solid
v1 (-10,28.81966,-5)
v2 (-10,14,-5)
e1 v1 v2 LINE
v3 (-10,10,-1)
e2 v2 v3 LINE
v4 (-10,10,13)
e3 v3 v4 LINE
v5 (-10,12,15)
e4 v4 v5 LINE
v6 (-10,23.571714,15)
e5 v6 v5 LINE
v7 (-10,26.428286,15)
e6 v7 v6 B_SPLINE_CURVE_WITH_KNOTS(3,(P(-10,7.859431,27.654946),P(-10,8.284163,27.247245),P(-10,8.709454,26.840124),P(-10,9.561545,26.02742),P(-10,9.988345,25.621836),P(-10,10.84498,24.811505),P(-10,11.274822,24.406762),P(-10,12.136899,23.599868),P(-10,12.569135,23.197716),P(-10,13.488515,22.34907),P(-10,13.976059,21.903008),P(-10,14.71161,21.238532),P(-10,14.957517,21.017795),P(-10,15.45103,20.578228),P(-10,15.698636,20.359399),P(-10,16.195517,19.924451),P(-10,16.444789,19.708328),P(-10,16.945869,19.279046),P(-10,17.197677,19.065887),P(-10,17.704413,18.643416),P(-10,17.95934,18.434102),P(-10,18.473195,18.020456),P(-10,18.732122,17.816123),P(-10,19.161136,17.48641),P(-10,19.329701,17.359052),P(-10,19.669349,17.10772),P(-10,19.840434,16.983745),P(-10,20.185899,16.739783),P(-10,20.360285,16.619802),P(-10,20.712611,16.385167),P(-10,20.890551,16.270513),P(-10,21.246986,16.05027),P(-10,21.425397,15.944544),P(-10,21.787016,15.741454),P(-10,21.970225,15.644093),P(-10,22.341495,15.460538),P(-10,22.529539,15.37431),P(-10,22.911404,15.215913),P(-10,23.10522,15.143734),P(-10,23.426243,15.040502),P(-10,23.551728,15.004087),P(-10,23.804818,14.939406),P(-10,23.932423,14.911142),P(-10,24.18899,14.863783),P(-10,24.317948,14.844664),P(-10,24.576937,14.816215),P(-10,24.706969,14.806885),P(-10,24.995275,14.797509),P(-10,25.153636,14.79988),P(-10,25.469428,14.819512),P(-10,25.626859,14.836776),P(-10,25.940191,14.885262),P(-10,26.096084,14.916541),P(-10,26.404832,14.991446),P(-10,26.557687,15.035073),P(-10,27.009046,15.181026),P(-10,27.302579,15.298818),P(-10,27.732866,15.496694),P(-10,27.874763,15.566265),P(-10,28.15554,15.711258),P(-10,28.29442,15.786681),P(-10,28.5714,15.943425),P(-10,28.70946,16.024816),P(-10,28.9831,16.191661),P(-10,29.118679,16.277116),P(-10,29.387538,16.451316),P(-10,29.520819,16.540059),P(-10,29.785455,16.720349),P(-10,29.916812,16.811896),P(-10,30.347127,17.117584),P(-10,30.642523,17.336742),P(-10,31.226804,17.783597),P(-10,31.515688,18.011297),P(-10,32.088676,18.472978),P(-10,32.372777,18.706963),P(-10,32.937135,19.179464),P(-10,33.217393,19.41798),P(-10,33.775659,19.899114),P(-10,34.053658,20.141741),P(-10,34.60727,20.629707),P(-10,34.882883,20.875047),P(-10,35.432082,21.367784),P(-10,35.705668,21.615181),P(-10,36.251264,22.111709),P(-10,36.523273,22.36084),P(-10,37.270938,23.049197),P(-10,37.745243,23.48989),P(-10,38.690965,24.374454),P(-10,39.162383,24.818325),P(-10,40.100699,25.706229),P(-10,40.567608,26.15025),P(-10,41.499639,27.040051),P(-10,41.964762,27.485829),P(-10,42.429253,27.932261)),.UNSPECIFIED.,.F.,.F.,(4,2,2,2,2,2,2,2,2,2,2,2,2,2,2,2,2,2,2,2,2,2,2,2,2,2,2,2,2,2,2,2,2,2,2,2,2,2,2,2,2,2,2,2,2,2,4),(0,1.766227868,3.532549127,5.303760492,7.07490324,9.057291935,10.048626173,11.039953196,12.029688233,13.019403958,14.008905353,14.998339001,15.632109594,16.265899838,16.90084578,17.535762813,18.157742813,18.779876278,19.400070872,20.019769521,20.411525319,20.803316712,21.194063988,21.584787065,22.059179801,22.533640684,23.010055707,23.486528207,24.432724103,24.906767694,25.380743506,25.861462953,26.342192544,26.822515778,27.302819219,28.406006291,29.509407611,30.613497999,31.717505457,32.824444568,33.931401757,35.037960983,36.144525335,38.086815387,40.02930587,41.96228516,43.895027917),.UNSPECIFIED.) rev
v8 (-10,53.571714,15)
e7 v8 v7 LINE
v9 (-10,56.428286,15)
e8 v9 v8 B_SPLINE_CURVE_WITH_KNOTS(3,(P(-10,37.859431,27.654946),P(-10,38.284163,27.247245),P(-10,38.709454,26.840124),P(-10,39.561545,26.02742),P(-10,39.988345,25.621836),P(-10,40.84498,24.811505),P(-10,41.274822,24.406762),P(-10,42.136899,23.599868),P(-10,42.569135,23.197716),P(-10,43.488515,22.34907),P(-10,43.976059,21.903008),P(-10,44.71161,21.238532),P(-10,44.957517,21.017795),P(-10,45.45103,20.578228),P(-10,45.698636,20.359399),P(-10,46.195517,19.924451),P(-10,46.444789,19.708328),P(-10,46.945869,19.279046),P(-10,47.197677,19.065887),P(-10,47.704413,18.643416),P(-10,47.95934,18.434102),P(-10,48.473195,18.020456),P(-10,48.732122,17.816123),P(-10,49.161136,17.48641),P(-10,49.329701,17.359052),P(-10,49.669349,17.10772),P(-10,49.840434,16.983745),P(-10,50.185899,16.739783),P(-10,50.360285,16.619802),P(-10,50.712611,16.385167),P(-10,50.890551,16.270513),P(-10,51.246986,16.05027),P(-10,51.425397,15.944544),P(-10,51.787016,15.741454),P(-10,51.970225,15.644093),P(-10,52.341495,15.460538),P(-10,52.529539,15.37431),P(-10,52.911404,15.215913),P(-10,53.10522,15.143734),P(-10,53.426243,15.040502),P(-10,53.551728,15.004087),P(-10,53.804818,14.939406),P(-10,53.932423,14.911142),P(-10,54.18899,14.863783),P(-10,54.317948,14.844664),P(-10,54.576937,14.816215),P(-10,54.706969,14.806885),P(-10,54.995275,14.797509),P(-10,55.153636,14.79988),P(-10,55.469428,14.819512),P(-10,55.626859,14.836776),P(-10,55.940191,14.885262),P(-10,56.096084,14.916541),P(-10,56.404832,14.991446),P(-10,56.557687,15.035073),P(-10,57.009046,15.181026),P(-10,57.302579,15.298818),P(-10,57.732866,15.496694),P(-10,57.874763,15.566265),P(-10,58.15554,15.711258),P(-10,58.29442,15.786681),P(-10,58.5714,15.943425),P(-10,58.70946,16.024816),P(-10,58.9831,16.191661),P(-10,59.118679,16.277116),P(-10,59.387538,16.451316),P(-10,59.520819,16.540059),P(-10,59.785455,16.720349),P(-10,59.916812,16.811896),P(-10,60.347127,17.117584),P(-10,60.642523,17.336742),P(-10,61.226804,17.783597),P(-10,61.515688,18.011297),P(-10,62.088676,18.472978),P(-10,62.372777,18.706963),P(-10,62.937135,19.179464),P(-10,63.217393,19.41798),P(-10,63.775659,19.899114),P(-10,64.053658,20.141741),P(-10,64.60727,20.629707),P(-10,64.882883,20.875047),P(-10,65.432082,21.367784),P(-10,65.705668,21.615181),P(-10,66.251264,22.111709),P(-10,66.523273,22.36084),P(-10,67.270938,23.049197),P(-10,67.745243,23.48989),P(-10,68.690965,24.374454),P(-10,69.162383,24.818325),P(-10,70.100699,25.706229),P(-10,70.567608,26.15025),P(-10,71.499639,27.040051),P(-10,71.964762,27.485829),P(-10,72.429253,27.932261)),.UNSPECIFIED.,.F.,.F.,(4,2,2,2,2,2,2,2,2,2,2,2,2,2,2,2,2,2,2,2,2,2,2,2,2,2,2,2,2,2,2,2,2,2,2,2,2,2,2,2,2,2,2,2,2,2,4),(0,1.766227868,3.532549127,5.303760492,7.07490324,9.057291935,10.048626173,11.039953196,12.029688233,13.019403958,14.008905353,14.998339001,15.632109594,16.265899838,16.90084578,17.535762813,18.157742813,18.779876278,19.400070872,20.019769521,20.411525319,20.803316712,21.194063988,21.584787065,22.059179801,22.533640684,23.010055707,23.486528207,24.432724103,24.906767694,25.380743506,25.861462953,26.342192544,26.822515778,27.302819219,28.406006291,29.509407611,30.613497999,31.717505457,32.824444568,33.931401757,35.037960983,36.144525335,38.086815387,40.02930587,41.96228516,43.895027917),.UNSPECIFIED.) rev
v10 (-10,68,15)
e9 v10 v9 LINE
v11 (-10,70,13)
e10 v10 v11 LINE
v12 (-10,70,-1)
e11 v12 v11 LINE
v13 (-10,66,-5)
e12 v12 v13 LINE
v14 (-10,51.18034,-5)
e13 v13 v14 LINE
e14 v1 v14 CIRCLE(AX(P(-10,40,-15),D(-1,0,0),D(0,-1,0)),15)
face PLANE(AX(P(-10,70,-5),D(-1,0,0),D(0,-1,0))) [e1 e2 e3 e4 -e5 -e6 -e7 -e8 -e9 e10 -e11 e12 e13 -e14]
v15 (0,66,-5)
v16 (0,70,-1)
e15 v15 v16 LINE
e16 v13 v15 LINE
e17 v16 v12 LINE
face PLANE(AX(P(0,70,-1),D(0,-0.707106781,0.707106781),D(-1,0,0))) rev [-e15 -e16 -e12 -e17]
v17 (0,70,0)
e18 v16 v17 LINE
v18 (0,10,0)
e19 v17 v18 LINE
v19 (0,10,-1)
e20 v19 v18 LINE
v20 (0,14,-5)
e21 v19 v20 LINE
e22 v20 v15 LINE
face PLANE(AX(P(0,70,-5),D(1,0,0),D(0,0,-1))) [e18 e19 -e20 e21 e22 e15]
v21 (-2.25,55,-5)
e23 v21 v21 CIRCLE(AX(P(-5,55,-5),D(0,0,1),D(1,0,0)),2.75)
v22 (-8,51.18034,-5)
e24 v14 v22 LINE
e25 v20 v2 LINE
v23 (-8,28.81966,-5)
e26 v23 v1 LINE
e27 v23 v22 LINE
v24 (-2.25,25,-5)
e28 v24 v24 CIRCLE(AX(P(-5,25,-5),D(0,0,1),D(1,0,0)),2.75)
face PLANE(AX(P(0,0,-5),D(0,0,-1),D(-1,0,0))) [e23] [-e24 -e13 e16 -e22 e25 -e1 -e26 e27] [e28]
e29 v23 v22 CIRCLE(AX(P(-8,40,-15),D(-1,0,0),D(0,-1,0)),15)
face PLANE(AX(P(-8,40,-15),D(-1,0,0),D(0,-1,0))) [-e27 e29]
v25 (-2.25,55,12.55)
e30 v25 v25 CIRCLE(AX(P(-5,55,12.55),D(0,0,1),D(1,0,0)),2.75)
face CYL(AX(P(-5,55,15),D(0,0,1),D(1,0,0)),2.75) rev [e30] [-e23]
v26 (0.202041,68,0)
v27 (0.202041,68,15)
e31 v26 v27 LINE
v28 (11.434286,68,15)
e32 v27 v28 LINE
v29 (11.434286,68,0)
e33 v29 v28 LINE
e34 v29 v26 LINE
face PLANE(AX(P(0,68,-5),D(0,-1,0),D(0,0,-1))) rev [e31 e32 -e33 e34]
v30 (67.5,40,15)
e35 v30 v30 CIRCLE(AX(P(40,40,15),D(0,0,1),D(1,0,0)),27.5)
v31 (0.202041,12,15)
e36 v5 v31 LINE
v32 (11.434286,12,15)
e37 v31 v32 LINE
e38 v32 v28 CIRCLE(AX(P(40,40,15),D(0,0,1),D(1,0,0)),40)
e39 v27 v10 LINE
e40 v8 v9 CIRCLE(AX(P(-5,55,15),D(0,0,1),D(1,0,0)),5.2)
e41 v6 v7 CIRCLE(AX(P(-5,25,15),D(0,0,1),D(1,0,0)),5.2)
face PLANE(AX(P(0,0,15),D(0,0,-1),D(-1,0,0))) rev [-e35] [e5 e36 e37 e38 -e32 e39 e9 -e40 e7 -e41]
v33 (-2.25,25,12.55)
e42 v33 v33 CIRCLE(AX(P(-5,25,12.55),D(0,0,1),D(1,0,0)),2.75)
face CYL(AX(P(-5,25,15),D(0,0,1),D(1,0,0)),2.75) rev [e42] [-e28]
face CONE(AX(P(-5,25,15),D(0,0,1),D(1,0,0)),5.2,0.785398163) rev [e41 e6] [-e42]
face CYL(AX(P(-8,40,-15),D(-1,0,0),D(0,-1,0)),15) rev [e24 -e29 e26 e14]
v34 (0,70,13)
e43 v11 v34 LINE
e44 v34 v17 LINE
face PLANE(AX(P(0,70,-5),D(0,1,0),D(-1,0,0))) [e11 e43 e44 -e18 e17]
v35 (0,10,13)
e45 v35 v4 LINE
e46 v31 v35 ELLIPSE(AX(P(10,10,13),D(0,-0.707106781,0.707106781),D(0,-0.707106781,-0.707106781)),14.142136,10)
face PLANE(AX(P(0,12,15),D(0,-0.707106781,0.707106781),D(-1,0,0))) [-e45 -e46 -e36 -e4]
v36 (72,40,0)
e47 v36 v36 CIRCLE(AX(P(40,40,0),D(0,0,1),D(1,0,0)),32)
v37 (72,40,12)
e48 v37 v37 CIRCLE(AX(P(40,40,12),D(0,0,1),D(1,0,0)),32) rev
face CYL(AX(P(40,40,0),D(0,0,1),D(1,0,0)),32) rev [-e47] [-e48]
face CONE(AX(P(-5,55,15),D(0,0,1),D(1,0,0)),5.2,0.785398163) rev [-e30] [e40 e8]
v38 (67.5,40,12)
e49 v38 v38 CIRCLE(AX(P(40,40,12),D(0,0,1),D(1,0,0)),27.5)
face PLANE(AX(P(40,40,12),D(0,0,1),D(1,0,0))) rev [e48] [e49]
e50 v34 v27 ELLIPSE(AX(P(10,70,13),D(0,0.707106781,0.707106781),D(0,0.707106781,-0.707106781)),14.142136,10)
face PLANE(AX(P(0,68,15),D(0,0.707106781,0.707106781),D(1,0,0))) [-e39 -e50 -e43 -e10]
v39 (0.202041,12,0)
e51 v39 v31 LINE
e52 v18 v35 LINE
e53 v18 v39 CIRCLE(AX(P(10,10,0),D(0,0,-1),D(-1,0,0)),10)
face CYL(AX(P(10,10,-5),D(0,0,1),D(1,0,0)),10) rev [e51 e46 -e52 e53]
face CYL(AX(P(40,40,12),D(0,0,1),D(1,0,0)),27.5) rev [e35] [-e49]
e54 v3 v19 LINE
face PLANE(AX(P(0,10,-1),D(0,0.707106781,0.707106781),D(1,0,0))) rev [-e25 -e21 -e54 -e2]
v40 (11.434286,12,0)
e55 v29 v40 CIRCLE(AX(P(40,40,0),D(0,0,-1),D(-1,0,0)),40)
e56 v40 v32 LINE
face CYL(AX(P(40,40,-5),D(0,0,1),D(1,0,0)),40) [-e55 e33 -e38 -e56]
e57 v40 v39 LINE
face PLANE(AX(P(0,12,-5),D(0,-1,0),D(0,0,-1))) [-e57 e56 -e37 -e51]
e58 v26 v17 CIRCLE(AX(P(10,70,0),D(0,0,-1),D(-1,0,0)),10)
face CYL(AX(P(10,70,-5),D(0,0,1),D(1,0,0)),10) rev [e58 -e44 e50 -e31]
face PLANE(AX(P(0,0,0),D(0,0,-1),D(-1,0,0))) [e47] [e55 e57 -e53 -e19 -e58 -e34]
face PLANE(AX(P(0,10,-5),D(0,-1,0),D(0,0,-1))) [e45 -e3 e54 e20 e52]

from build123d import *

# Parameters (mm, degrees)
SKETCH1_W                                       = 80
SKETCH1_H                                       = 80
BOSS_EXTRUDE1_DEPTH                             = 15
SKETCH2_R                                       = 32
CUT_EXTRUDE2_DEPTH                              = 16
SKETCH3_R                                       = 32
SKETCH3_R_2                                     = 27.5
BOSS_EXTRUDE2_DEPTH                             = 3
FILLET1_R                                       = 10
SKETCH5_W                                       = 10
SKETCH5_H                                       = 60
BOSS_EXTRUDE3_DEPTH                             = 20
SKETCH6_R                                       = 2.5
CUT_EXTRUDE3_DEPTH                              = 21
CHAMFER1_SIZE                                   = 2
CSK_FOR_M5_FLAT_HEAD_MACHINE_SCREW2_D           = 5.5
CSK_FOR_M5_FLAT_HEAD_MACHINE_SCREW2_CSINK_D     = 10.4
CSK_FOR_M5_FLAT_HEAD_MACHINE_SCREW2_CSINK_ANGLE = 90
CHAMFER2_SIZE                                   = 4
SKETCH11_R                                      = 15
CUT_EXTRUDE4_DEPTH                              = 2
CUT_EXTRUDE7_DEPTH                              = 21


with BuildPart() as part:
    # Sketch1 → Boss-Extrude1 (new body)
    with BuildSketch(Plane.XY):
        with Locations((40, 40)):
            Rectangle(SKETCH1_W, SKETCH1_H)
    extrude(amount=BOSS_EXTRUDE1_DEPTH)

    # Sketch2 → Cut-Extrude2 (cut, through all)
    with BuildSketch(Plane.XY.offset(15)):
        with Locations((40, 40)):
            Circle(SKETCH2_R)
    extrude(amount=-CUT_EXTRUDE2_DEPTH, mode=Mode.SUBTRACT)

    # Sketch3 → Boss-Extrude2 (add)
    with BuildSketch(Plane.XY.offset(15)):
        with Locations((40, 40)):
            Circle(SKETCH3_R)
        with Locations((40, 40)):
            Circle(SKETCH3_R_2, mode=Mode.SUBTRACT)
    extrude(amount=-BOSS_EXTRUDE2_DEPTH)

    # Fillet1
    fillet1_edges = [part.edges().sort_by_distance(p)[0] for p in [
        (0, 80, 7.5),
        (80, 80, 7.5),
        (80, 0, 7.5),
        (0, 0, 7.5),
    ]]
    fillet(fillet1_edges, radius=FILLET1_R)

    # Sketch5 → Boss-Extrude3 (add)
    with BuildSketch(Plane.XY.offset(15)):
        with Locations((-5, 40)):
            Rectangle(SKETCH5_W, SKETCH5_H)
    extrude(amount=-BOSS_EXTRUDE3_DEPTH)

    # Sketch6 → Cut-Extrude3 (cut, through all)
    with BuildSketch(Plane.XY.offset(15)):
        with Locations((-5, 55)):
            Circle(SKETCH6_R)
        with Locations((-5, 25)):
            Circle(SKETCH6_R)
    extrude(amount=-CUT_EXTRUDE3_DEPTH, mode=Mode.SUBTRACT)

    # Chamfer1
    chamfer1_edges = [part.edges().sort_by_distance(p)[0] for p in [
        (-5, 70, 15),
        (-5, 10, 15),
    ]]
    chamfer(chamfer1_edges, length=CHAMFER1_SIZE)

    # CSK for M5 Flat Head Machine Screw2 (through all)
    with Locations(Plane.XY.offset(15)):
        with Locations((-5, 55), (-5, 25)):
            CounterSinkHole(CSK_FOR_M5_FLAT_HEAD_MACHINE_SCREW2_D / 2, CSK_FOR_M5_FLAT_HEAD_MACHINE_SCREW2_CSINK_D / 2, counter_sink_angle=CSK_FOR_M5_FLAT_HEAD_MACHINE_SCREW2_CSINK_ANGLE)

    # Chamfer2
    chamfer2_edges = [part.edges().sort_by_distance(p)[0] for p in [
        (-5, 10, -5),
        (-5, 70, -5),
    ]]
    chamfer(chamfer2_edges, length=CHAMFER2_SIZE)

    # Sketch11 → Cut-Extrude4 (cut)
    with BuildSketch(Plane.ZY.offset(10)):
        with Locations((-15, 40)):
            Circle(SKETCH11_R)
    extrude(amount=-CUT_EXTRUDE4_DEPTH, mode=Mode.SUBTRACT)

    # Sketch12 → Cut-Extrude7 (cut, through all)
    with BuildSketch(Plane.XY.offset(15)):
        with BuildLine():
            Line((11.434286286, 12), (0.202041029, 12))
            ThreePointArc((0.202041029, 12), (0.05063847, 11.00508962), (0, 10))
            ThreePointArc((0, 10), (2.928932188, 2.928932188), (10, 0))
            Line((10, 0), (40, 0))
            ThreePointArc((40, 0), (24.508066615, 3.121822171), (11.434286286, 12))
        make_face()
        with BuildLine():
            ThreePointArc((80, 40), (68.284271247, 11.715728753), (40, 0))
            Line((40, 0), (70, 0))
            ThreePointArc((70, 0), (77.071067812, 2.928932188), (80, 10))
            Line((80, 10), (80, 40))
        make_face()
        with BuildLine():
            ThreePointArc((40.000000226, 80), (68.284271327, 68.284271168), (80, 40))
            Line((80, 40), (80, 70))
            ThreePointArc((80, 70), (77.071067812, 77.071067812), (70, 80))
            Line((70, 80), (40.000000226, 80))
        make_face()
        with BuildLine():
            ThreePointArc((11.434286286, 68), (24.508066719, 76.878177873), (40.000000226, 80))
            Line((40.000000226, 80), (10, 80))
            ThreePointArc((10, 80), (2.928932174, 77.071067798), (0, 69.99999996))
            ThreePointArc((0, 69.99999996), (0.050638472, 68.99491036), (0.202041029, 68))
            Line((0.202041029, 68), (11.434286286, 68))
        make_face()
    extrude(amount=-CUT_EXTRUDE7_DEPTH, mode=Mode.SUBTRACT)


solid = part.part
